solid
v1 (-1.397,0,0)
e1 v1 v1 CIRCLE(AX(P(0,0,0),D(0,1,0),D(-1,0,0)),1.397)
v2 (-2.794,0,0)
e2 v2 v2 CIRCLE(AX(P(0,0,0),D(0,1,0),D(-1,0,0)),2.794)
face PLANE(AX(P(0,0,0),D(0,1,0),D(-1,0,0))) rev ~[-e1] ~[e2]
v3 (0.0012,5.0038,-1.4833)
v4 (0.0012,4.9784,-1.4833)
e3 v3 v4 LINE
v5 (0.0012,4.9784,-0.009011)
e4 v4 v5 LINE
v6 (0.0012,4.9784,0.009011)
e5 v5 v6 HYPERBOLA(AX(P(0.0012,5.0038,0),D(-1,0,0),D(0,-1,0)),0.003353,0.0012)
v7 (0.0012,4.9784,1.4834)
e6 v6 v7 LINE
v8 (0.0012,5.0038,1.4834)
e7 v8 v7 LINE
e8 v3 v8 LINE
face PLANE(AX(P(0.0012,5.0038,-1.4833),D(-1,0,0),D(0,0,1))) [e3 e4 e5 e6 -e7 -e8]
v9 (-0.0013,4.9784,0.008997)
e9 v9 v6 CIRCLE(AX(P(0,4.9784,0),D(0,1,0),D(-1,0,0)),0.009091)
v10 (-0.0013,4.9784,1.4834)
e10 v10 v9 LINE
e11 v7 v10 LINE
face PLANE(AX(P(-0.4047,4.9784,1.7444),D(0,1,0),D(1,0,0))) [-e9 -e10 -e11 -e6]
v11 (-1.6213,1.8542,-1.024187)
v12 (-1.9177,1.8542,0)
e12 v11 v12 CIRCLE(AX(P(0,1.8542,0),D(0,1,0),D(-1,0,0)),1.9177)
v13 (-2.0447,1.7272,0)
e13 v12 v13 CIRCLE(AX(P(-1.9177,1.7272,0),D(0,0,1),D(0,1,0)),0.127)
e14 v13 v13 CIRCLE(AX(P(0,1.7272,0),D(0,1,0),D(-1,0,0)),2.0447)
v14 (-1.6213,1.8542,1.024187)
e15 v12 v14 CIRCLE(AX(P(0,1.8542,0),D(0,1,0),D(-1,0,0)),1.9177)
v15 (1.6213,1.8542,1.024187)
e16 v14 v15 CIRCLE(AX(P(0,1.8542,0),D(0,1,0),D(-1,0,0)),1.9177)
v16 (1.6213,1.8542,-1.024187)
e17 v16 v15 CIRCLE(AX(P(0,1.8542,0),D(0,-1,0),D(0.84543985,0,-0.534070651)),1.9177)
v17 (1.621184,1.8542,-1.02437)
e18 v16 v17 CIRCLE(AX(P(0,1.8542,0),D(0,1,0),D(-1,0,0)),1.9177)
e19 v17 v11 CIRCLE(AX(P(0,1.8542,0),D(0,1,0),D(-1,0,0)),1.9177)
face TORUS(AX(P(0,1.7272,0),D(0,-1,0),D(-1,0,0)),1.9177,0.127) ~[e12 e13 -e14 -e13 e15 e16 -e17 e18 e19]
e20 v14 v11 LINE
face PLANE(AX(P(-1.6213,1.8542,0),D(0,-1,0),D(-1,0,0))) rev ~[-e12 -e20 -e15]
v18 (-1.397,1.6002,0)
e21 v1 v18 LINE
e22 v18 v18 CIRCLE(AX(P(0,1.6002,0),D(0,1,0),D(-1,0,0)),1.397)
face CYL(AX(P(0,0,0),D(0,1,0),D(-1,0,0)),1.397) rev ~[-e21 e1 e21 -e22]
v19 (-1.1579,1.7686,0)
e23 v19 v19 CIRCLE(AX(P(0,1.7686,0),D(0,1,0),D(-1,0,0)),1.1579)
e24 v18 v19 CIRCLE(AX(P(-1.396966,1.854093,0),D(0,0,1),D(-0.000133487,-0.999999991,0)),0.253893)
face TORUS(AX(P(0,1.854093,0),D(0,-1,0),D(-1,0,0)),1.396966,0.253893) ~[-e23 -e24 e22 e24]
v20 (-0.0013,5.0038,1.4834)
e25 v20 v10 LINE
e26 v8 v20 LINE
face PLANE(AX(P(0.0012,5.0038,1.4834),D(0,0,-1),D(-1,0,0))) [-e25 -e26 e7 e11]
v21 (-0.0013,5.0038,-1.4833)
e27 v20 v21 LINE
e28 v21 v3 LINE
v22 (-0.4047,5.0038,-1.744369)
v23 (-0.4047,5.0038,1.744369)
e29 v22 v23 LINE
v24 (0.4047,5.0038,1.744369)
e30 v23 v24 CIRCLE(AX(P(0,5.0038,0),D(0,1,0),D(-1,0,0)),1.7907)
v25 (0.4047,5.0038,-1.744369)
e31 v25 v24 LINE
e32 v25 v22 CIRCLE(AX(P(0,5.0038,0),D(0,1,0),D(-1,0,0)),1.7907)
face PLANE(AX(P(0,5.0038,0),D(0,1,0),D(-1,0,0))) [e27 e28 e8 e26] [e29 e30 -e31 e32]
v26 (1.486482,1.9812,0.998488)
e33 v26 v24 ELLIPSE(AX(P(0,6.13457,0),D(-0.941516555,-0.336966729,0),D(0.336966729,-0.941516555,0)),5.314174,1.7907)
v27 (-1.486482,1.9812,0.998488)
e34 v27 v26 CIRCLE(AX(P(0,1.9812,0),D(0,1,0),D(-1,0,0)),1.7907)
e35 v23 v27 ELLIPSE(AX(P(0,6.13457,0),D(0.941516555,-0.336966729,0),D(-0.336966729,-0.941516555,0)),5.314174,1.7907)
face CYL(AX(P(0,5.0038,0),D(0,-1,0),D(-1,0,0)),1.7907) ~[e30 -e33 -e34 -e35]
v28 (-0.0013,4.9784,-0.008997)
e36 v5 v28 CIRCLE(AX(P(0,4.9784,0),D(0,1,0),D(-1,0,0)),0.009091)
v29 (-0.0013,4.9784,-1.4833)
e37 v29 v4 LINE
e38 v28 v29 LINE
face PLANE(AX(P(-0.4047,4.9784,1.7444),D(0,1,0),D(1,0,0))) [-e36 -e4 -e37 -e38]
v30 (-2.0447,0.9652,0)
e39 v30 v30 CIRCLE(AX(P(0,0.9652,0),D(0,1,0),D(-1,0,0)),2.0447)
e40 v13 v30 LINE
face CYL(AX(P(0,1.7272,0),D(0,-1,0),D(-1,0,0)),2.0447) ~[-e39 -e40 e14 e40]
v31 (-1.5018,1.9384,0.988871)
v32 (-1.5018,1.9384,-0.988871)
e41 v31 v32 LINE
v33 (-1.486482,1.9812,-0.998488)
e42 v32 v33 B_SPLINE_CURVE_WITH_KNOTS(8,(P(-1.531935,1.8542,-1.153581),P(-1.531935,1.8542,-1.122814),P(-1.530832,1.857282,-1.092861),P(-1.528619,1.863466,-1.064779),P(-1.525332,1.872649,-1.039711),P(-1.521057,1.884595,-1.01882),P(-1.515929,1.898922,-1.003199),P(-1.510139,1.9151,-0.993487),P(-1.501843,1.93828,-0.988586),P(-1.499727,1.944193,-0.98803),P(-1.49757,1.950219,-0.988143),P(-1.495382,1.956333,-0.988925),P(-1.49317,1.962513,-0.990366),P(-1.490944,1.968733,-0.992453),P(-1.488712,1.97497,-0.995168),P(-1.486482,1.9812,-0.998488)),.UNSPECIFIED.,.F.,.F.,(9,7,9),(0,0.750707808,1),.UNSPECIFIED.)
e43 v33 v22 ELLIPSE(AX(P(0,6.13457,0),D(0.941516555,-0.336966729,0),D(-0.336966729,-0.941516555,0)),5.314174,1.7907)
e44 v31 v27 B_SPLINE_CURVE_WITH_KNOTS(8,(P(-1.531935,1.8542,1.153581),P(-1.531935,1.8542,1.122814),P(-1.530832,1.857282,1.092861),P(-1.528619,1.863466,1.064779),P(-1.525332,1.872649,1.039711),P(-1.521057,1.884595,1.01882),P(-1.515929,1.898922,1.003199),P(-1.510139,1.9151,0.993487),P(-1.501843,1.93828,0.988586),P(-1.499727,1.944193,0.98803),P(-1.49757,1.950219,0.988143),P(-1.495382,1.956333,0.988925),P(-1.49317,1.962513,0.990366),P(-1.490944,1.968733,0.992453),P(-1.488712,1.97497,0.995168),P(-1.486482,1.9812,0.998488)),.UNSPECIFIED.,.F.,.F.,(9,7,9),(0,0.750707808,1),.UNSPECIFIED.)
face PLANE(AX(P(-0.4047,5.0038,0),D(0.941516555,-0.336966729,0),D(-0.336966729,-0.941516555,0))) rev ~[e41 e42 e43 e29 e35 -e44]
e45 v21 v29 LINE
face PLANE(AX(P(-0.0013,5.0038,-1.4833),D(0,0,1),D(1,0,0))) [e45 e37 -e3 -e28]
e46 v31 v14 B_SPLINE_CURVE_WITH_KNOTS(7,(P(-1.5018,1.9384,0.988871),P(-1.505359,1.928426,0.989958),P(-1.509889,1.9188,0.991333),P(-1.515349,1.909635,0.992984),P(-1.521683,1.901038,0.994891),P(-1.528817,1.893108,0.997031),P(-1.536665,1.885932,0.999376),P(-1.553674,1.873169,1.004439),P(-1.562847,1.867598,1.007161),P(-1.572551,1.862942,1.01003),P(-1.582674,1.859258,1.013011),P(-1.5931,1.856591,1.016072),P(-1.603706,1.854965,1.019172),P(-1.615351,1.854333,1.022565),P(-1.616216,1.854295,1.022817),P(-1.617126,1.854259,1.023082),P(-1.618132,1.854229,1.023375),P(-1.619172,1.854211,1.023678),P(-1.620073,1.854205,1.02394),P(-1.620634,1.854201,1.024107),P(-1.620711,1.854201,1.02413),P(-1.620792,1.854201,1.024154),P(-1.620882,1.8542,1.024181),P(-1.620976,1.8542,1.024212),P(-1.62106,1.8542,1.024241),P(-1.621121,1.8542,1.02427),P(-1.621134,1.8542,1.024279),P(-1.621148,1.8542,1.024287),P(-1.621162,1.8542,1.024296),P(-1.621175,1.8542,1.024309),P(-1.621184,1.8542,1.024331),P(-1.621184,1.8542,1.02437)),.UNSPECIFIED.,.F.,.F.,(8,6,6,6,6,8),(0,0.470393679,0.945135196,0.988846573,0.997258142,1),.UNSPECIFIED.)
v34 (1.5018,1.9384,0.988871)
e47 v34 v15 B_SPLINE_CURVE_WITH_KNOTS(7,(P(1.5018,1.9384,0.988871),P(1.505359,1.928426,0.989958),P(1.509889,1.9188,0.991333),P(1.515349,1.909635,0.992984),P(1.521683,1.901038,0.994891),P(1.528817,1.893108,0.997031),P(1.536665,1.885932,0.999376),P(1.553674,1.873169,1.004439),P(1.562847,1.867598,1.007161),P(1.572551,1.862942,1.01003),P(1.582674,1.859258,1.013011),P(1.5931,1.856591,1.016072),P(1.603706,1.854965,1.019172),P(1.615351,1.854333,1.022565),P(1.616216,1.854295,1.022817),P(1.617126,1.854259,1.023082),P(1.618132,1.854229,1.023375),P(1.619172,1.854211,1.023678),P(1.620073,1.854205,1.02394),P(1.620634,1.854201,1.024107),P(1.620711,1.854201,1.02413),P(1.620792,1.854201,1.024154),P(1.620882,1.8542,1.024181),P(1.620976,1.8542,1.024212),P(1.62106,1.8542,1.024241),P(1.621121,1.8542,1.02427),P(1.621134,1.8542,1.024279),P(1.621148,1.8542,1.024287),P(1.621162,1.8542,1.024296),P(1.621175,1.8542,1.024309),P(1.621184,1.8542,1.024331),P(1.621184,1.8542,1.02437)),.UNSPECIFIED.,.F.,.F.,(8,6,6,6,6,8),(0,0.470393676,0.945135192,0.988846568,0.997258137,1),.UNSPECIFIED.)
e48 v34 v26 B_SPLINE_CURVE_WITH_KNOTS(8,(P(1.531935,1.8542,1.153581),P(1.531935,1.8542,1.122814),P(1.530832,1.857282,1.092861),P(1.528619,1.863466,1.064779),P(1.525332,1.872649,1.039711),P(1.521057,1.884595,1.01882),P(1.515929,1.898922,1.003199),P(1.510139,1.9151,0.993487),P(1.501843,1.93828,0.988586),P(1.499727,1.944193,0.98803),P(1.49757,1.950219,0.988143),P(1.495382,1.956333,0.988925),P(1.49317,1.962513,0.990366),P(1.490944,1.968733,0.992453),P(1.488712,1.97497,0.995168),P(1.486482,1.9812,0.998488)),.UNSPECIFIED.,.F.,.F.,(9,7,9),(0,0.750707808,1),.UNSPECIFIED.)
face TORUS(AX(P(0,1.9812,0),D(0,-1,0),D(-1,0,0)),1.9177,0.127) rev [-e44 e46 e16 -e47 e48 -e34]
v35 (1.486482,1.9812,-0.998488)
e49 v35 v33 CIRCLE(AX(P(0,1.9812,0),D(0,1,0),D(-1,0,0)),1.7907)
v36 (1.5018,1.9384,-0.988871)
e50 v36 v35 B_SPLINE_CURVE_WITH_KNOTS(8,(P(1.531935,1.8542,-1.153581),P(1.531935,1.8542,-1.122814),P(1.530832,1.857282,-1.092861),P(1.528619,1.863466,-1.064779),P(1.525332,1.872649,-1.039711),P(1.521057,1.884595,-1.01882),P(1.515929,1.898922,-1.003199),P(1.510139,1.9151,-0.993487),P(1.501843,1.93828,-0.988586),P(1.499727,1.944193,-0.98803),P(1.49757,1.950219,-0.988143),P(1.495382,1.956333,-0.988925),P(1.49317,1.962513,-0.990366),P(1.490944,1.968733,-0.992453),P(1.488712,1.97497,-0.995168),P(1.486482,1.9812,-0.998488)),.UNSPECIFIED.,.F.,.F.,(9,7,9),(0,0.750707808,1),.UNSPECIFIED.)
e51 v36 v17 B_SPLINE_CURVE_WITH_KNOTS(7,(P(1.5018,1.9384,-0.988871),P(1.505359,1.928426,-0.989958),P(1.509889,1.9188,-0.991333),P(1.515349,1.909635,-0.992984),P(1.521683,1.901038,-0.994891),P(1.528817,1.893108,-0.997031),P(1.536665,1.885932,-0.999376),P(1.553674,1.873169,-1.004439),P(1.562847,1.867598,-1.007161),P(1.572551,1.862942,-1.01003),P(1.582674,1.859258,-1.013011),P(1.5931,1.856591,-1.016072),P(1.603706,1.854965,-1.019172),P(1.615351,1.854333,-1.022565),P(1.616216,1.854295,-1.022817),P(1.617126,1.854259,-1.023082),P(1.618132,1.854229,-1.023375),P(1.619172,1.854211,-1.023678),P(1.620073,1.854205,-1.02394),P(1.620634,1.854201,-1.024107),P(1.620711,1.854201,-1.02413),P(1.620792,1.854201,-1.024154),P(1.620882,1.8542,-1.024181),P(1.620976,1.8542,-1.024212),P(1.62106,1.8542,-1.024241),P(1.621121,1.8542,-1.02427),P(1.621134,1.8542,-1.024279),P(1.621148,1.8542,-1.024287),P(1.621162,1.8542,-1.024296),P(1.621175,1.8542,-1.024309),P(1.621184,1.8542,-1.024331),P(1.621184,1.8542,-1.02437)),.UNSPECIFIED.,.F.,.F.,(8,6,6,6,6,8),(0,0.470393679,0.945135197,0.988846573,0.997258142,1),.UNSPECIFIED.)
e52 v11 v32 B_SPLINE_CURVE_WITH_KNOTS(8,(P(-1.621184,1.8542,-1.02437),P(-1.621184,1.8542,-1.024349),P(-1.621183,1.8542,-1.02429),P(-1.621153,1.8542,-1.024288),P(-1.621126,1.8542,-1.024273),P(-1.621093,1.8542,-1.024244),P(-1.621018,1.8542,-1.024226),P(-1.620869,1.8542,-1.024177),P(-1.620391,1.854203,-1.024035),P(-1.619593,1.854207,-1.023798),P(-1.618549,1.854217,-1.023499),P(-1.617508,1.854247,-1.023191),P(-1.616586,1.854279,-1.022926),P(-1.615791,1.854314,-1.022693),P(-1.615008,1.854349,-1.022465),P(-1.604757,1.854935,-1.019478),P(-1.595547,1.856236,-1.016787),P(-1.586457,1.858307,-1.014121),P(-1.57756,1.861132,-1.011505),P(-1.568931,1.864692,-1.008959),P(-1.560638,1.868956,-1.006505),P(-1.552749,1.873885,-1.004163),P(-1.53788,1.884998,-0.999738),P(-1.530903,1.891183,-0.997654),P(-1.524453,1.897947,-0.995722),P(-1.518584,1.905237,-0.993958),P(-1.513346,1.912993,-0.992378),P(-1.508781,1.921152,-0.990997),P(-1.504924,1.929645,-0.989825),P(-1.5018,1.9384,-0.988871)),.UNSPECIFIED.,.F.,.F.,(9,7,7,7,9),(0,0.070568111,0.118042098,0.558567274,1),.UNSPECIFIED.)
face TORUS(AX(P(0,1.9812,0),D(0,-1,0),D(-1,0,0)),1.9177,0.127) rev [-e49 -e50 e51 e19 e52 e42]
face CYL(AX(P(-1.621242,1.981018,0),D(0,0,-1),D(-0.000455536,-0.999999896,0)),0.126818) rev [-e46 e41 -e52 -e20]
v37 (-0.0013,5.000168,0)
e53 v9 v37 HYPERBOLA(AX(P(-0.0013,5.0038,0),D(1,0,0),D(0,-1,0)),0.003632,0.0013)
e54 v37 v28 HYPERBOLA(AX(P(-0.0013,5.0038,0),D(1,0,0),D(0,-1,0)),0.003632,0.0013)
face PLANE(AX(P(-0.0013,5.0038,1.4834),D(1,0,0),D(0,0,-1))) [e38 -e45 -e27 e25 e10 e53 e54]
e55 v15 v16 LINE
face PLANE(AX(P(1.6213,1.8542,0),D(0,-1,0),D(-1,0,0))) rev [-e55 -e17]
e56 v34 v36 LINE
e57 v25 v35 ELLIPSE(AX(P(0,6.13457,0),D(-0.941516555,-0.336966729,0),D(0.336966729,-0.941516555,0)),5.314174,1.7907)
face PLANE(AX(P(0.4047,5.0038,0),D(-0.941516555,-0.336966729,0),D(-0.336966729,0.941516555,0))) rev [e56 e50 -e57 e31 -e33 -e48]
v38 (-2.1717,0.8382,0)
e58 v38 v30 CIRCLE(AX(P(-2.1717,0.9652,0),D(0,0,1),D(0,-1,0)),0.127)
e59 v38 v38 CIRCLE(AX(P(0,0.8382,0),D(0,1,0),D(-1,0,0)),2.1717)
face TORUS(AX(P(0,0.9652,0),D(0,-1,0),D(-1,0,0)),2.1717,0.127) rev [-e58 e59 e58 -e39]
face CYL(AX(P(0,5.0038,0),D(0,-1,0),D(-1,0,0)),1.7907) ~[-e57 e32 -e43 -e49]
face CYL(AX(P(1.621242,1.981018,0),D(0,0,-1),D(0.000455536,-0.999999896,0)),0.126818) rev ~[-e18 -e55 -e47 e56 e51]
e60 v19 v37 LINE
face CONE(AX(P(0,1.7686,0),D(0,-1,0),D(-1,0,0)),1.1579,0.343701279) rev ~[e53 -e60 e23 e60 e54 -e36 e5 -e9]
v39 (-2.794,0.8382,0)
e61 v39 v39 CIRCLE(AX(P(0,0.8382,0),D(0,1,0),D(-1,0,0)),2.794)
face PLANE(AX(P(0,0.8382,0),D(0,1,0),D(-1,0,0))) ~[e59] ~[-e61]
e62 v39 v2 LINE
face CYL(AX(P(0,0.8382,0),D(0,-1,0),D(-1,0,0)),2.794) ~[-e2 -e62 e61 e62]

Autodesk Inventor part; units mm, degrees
ref_plane "YZ Plane" through (0, 0, 0) normal (1, 0, 0) x (0, 1, 0)
ref_plane "XZ Plane" through (0, 0, 0) normal (0, 1, 0) x (-1, 0, 0)
ref_plane "XY Plane" through (0, 0, 0) normal (0, 0, 1) x (1, 0, 0)
sketch "Sketch1" plane through (0, 0, 0) normal (0, 0, 1) x (1, 0, 0)
  line L0 (0, -1.0008) -> (0, 6.0046) construction
  line L1 (-0.4047, 5.0038) -> (-1.5018, 1.9384)
  line L2 (-1.6213, 1.8542) -> (-1.9177, 1.8542)
  line L3 (-2.0447, 1.7272) -> (-2.0447, 0.9652)
  line L4 (-2.1717, 0.8382) -> (-2.794, 0.8382)
  line L5 (-2.794, 0.8382) -> (-2.794, 0)
  line L6 (-2.794, 0) -> (-1.397, 0)
  line L7 (-1.397, 0) -> (-1.397, 1.6002)
  arc A0 (-1.397, 1.6002) -> (-1.1579, 1.7686) centre (-1.397, 1.8542) ccw
  line L8 (-1.1579, 1.7686) -> (0, 5.0038)
  line L9 (-0.4047, 5.0038) -> (0, 5.0038)
  arc A1 (-1.6213, 1.8542) -> (-1.5018, 1.9384) centre (-1.6213, 1.9812) ccw
  arc A2 (-1.9177, 1.8542) -> (-2.0447, 1.7272) centre (-1.9177, 1.7272) ccw
  arc A3 (-2.1717, 0.8382) -> (-2.0447, 0.9652) centre (-2.1717, 0.9652) ccw
  line L10 (-1.7907, 5.0038) -> (-1.7907, 1.9812)
  arc A4 (-1.9177, 1.8542) -> (-1.7907, 1.9812) centre (-1.9177, 1.9812) ccw
  line L11 (-1.7907, 5.0038) -> (-0.4047, 5.0038)
  point P0 (0, 0)
  dimension "d0" = 5.588
  dimension "d1" = 0.8382
  dimension "d2" = 4.0894
  dimension "d5" = 0.381
  dimension "d7" = 0.127
  dimension "d8" = 5.0038
  dimension "d9" = 1.016
  dimension "d10" = 0.254
  dimension "d11" = 0.254
  dimension "d18" = 2.794
revolve "Revolution1" add sketch "Sketch1" angle 360 about axis through (0, -10, 0) along (0, 1, 0)
extrude "Extrusion1" cut sketch "Sketch1" along normal through all both and the other way through all contours L1 A1 L2 A4 L10 L11
mirror "Mirror1" about plane through (0, 0, 0) normal (1, 0, 0) of "Extrusion1"
sketch "Sketch2" plane through (-0.4047, 5.0038, 1.7444) normal (0, 1, 0) x (1, 0, 0)
  line L0 (0.4047, 3.2277) -> (0.4047, 0.261) construction
  line L1 (0.4034, 3.2277) -> (0.4059, 3.2277)
  line L2 (0.4059, 3.2277) -> (0.4059, 0.261)
  line L3 (0.4059, 0.261) -> (0.4034, 0.261)
  line L4 (0.4034, 0.261) -> (0.4034, 3.2277)
  point P0 (0.4047, 1.7444)
  dimension "d15" = 0.0025
extrude "Extrusion2" cut sketch "Sketch2" against normal blind 0.0254
properties part number "DU039.005-952.01" material "ML952 REZLYN"
